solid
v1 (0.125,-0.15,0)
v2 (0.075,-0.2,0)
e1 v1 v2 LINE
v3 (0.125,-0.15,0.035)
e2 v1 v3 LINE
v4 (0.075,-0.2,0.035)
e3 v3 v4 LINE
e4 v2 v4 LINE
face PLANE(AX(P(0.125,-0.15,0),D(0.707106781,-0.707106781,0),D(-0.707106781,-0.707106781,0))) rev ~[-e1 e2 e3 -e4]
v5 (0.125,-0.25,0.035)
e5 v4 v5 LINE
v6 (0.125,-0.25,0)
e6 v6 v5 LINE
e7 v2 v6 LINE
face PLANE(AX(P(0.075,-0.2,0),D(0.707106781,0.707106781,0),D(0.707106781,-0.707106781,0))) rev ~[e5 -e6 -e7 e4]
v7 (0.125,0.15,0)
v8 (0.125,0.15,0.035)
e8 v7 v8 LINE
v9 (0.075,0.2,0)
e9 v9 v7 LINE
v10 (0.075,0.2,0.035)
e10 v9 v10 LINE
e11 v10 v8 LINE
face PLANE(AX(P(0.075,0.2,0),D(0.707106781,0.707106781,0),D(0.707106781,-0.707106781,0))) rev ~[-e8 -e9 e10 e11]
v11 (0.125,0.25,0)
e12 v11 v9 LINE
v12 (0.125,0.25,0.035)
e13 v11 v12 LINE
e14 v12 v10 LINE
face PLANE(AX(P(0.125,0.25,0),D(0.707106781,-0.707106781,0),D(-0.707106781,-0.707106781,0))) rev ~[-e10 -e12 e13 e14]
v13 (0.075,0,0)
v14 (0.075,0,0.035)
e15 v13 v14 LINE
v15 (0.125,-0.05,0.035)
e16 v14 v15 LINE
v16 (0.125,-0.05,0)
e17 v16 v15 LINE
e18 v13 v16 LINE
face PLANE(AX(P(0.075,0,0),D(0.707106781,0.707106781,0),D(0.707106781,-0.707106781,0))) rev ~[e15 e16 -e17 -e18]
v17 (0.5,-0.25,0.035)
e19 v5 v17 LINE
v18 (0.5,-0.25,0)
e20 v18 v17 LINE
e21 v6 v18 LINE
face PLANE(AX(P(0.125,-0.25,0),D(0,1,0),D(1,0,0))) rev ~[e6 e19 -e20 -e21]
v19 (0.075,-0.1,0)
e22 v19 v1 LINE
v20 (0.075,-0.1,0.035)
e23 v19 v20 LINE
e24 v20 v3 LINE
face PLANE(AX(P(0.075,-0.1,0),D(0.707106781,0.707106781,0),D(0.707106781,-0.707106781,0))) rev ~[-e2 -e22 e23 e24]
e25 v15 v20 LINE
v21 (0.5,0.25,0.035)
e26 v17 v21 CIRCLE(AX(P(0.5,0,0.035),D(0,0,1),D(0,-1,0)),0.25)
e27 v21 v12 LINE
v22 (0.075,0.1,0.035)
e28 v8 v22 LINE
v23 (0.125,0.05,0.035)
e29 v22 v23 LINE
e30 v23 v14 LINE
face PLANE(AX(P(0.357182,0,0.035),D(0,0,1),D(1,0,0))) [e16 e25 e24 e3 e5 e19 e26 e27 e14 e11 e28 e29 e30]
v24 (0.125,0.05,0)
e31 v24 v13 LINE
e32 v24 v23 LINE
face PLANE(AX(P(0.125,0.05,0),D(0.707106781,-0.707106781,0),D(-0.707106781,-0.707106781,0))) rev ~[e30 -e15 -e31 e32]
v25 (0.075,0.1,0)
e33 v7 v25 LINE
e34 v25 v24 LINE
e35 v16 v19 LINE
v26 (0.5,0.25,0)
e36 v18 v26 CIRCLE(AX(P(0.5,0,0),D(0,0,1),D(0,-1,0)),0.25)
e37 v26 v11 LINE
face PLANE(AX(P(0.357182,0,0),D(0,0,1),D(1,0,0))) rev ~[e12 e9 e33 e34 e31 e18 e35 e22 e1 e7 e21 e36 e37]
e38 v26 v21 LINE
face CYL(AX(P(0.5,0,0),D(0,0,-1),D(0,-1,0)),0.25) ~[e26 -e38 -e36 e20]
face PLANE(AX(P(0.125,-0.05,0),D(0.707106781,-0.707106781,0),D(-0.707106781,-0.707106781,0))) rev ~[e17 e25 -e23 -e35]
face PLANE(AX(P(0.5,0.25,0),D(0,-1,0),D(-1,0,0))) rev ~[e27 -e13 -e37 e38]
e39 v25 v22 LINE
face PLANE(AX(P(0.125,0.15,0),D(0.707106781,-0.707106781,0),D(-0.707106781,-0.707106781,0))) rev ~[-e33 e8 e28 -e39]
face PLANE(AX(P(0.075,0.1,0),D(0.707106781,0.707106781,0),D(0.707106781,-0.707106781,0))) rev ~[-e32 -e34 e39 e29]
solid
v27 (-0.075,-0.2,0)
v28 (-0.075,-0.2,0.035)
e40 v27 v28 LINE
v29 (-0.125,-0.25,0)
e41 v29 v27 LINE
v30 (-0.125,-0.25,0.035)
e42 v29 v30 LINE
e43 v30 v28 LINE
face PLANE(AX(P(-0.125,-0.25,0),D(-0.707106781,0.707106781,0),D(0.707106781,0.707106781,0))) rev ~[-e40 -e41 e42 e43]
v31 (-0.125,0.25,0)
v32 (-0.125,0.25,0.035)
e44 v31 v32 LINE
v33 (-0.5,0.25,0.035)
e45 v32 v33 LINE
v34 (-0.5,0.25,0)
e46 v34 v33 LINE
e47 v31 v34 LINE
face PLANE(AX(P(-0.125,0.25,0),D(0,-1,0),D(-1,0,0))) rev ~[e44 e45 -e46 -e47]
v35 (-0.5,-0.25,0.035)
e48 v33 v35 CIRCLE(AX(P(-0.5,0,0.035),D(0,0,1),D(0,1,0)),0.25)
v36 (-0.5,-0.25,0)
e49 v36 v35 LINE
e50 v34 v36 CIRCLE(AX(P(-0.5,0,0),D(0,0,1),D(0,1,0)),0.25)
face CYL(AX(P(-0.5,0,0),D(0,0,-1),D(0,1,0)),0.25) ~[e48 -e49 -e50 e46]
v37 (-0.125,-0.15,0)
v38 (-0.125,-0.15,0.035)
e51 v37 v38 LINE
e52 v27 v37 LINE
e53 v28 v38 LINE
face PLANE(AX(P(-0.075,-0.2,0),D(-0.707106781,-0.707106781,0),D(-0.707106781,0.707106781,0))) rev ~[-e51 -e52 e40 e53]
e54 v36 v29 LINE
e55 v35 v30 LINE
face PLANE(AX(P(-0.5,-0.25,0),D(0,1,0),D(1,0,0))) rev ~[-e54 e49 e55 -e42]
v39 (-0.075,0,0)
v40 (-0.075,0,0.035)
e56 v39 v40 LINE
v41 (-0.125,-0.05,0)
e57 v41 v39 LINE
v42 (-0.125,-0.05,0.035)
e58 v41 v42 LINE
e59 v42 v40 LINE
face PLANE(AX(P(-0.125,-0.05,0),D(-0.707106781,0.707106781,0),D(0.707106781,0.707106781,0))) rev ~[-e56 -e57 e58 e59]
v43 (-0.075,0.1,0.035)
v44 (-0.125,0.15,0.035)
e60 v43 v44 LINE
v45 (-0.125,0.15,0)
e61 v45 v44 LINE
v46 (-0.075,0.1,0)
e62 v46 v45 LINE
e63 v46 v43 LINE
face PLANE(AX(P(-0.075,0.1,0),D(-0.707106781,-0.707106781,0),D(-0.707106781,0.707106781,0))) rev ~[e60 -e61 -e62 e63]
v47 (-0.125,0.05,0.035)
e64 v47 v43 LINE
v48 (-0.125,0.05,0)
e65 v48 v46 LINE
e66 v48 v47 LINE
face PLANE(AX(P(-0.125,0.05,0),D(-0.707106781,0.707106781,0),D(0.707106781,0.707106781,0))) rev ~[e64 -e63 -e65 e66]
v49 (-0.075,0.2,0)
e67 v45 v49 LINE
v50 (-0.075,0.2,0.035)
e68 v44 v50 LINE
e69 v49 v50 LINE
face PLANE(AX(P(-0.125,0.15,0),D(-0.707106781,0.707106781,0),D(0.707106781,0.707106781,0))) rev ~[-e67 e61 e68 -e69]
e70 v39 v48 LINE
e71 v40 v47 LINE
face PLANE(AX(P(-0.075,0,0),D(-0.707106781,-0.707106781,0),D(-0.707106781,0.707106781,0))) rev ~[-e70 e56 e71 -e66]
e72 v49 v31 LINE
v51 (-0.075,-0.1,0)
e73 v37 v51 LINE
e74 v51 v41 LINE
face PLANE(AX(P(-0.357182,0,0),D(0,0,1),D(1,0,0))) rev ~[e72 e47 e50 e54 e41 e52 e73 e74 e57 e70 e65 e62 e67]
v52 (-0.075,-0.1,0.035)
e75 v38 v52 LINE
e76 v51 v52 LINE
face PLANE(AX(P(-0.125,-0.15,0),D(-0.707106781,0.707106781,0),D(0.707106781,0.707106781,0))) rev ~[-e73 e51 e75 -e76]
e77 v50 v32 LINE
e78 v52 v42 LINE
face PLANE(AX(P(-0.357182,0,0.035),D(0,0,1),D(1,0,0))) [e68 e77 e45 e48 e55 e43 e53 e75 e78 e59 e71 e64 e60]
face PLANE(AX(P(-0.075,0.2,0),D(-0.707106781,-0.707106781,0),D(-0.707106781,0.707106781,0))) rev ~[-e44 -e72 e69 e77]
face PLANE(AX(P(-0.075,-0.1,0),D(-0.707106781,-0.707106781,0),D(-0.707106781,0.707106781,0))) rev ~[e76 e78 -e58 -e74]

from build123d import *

# Parameters (mm, degrees)
F1_DEPTH = 0.035


with BuildPart() as f1:
    # F0 (on Top) → F1 (new body)
    with BuildSketch(Plane.XY):
        with BuildLine():
            Line((-0.125, 0.25), (-0.5, 0.25))
            ThreePointArc((-0.5, 0.25), (-0.75, 0), (-0.5, -0.25))
            Line((-0.5, -0.25), (-0.125, -0.25))
            Line((-0.125, -0.25), (-0.075, -0.2))
            Line((-0.075, -0.2), (-0.125, -0.15))
            Line((-0.125, -0.15), (-0.075, -0.1))
            Line((-0.075, -0.1), (-0.125, -0.05))
            Line((-0.125, -0.05), (-0.075, 0))
            Line((-0.075, 0), (-0.125, 0.05))
            Line((-0.125, 0.05), (-0.075, 0.1))
            Line((-0.075, 0.1), (-0.125, 0.15))
            Line((-0.125, 0.15), (-0.075, 0.2))
            Line((-0.075, 0.2), (-0.125, 0.25))
        make_face()
        with BuildLine():
            Line((0.075, 0.1), (0.125, 0.05))
            Line((0.125, 0.05), (0.075, 0))
            Line((0.075, 0), (0.125, -0.05))
            Line((0.125, -0.05), (0.075, -0.1))
            Line((0.075, -0.1), (0.125, -0.15))
            Line((0.125, -0.15), (0.075, -0.2))
            Line((0.075, -0.2), (0.125, -0.25))
            Line((0.125, -0.25), (0.5, -0.25))
            ThreePointArc((0.5, -0.25), (0.75, 0), (0.5, 0.25))
            Line((0.5, 0.25), (0.125, 0.25))
            Line((0.125, 0.25), (0.075, 0.2))
            Line((0.075, 0.2), (0.125, 0.15))
            Line((0.125, 0.15), (0.075, 0.1))
        make_face()
    extrude(amount=F1_DEPTH)


solid = f1.part
